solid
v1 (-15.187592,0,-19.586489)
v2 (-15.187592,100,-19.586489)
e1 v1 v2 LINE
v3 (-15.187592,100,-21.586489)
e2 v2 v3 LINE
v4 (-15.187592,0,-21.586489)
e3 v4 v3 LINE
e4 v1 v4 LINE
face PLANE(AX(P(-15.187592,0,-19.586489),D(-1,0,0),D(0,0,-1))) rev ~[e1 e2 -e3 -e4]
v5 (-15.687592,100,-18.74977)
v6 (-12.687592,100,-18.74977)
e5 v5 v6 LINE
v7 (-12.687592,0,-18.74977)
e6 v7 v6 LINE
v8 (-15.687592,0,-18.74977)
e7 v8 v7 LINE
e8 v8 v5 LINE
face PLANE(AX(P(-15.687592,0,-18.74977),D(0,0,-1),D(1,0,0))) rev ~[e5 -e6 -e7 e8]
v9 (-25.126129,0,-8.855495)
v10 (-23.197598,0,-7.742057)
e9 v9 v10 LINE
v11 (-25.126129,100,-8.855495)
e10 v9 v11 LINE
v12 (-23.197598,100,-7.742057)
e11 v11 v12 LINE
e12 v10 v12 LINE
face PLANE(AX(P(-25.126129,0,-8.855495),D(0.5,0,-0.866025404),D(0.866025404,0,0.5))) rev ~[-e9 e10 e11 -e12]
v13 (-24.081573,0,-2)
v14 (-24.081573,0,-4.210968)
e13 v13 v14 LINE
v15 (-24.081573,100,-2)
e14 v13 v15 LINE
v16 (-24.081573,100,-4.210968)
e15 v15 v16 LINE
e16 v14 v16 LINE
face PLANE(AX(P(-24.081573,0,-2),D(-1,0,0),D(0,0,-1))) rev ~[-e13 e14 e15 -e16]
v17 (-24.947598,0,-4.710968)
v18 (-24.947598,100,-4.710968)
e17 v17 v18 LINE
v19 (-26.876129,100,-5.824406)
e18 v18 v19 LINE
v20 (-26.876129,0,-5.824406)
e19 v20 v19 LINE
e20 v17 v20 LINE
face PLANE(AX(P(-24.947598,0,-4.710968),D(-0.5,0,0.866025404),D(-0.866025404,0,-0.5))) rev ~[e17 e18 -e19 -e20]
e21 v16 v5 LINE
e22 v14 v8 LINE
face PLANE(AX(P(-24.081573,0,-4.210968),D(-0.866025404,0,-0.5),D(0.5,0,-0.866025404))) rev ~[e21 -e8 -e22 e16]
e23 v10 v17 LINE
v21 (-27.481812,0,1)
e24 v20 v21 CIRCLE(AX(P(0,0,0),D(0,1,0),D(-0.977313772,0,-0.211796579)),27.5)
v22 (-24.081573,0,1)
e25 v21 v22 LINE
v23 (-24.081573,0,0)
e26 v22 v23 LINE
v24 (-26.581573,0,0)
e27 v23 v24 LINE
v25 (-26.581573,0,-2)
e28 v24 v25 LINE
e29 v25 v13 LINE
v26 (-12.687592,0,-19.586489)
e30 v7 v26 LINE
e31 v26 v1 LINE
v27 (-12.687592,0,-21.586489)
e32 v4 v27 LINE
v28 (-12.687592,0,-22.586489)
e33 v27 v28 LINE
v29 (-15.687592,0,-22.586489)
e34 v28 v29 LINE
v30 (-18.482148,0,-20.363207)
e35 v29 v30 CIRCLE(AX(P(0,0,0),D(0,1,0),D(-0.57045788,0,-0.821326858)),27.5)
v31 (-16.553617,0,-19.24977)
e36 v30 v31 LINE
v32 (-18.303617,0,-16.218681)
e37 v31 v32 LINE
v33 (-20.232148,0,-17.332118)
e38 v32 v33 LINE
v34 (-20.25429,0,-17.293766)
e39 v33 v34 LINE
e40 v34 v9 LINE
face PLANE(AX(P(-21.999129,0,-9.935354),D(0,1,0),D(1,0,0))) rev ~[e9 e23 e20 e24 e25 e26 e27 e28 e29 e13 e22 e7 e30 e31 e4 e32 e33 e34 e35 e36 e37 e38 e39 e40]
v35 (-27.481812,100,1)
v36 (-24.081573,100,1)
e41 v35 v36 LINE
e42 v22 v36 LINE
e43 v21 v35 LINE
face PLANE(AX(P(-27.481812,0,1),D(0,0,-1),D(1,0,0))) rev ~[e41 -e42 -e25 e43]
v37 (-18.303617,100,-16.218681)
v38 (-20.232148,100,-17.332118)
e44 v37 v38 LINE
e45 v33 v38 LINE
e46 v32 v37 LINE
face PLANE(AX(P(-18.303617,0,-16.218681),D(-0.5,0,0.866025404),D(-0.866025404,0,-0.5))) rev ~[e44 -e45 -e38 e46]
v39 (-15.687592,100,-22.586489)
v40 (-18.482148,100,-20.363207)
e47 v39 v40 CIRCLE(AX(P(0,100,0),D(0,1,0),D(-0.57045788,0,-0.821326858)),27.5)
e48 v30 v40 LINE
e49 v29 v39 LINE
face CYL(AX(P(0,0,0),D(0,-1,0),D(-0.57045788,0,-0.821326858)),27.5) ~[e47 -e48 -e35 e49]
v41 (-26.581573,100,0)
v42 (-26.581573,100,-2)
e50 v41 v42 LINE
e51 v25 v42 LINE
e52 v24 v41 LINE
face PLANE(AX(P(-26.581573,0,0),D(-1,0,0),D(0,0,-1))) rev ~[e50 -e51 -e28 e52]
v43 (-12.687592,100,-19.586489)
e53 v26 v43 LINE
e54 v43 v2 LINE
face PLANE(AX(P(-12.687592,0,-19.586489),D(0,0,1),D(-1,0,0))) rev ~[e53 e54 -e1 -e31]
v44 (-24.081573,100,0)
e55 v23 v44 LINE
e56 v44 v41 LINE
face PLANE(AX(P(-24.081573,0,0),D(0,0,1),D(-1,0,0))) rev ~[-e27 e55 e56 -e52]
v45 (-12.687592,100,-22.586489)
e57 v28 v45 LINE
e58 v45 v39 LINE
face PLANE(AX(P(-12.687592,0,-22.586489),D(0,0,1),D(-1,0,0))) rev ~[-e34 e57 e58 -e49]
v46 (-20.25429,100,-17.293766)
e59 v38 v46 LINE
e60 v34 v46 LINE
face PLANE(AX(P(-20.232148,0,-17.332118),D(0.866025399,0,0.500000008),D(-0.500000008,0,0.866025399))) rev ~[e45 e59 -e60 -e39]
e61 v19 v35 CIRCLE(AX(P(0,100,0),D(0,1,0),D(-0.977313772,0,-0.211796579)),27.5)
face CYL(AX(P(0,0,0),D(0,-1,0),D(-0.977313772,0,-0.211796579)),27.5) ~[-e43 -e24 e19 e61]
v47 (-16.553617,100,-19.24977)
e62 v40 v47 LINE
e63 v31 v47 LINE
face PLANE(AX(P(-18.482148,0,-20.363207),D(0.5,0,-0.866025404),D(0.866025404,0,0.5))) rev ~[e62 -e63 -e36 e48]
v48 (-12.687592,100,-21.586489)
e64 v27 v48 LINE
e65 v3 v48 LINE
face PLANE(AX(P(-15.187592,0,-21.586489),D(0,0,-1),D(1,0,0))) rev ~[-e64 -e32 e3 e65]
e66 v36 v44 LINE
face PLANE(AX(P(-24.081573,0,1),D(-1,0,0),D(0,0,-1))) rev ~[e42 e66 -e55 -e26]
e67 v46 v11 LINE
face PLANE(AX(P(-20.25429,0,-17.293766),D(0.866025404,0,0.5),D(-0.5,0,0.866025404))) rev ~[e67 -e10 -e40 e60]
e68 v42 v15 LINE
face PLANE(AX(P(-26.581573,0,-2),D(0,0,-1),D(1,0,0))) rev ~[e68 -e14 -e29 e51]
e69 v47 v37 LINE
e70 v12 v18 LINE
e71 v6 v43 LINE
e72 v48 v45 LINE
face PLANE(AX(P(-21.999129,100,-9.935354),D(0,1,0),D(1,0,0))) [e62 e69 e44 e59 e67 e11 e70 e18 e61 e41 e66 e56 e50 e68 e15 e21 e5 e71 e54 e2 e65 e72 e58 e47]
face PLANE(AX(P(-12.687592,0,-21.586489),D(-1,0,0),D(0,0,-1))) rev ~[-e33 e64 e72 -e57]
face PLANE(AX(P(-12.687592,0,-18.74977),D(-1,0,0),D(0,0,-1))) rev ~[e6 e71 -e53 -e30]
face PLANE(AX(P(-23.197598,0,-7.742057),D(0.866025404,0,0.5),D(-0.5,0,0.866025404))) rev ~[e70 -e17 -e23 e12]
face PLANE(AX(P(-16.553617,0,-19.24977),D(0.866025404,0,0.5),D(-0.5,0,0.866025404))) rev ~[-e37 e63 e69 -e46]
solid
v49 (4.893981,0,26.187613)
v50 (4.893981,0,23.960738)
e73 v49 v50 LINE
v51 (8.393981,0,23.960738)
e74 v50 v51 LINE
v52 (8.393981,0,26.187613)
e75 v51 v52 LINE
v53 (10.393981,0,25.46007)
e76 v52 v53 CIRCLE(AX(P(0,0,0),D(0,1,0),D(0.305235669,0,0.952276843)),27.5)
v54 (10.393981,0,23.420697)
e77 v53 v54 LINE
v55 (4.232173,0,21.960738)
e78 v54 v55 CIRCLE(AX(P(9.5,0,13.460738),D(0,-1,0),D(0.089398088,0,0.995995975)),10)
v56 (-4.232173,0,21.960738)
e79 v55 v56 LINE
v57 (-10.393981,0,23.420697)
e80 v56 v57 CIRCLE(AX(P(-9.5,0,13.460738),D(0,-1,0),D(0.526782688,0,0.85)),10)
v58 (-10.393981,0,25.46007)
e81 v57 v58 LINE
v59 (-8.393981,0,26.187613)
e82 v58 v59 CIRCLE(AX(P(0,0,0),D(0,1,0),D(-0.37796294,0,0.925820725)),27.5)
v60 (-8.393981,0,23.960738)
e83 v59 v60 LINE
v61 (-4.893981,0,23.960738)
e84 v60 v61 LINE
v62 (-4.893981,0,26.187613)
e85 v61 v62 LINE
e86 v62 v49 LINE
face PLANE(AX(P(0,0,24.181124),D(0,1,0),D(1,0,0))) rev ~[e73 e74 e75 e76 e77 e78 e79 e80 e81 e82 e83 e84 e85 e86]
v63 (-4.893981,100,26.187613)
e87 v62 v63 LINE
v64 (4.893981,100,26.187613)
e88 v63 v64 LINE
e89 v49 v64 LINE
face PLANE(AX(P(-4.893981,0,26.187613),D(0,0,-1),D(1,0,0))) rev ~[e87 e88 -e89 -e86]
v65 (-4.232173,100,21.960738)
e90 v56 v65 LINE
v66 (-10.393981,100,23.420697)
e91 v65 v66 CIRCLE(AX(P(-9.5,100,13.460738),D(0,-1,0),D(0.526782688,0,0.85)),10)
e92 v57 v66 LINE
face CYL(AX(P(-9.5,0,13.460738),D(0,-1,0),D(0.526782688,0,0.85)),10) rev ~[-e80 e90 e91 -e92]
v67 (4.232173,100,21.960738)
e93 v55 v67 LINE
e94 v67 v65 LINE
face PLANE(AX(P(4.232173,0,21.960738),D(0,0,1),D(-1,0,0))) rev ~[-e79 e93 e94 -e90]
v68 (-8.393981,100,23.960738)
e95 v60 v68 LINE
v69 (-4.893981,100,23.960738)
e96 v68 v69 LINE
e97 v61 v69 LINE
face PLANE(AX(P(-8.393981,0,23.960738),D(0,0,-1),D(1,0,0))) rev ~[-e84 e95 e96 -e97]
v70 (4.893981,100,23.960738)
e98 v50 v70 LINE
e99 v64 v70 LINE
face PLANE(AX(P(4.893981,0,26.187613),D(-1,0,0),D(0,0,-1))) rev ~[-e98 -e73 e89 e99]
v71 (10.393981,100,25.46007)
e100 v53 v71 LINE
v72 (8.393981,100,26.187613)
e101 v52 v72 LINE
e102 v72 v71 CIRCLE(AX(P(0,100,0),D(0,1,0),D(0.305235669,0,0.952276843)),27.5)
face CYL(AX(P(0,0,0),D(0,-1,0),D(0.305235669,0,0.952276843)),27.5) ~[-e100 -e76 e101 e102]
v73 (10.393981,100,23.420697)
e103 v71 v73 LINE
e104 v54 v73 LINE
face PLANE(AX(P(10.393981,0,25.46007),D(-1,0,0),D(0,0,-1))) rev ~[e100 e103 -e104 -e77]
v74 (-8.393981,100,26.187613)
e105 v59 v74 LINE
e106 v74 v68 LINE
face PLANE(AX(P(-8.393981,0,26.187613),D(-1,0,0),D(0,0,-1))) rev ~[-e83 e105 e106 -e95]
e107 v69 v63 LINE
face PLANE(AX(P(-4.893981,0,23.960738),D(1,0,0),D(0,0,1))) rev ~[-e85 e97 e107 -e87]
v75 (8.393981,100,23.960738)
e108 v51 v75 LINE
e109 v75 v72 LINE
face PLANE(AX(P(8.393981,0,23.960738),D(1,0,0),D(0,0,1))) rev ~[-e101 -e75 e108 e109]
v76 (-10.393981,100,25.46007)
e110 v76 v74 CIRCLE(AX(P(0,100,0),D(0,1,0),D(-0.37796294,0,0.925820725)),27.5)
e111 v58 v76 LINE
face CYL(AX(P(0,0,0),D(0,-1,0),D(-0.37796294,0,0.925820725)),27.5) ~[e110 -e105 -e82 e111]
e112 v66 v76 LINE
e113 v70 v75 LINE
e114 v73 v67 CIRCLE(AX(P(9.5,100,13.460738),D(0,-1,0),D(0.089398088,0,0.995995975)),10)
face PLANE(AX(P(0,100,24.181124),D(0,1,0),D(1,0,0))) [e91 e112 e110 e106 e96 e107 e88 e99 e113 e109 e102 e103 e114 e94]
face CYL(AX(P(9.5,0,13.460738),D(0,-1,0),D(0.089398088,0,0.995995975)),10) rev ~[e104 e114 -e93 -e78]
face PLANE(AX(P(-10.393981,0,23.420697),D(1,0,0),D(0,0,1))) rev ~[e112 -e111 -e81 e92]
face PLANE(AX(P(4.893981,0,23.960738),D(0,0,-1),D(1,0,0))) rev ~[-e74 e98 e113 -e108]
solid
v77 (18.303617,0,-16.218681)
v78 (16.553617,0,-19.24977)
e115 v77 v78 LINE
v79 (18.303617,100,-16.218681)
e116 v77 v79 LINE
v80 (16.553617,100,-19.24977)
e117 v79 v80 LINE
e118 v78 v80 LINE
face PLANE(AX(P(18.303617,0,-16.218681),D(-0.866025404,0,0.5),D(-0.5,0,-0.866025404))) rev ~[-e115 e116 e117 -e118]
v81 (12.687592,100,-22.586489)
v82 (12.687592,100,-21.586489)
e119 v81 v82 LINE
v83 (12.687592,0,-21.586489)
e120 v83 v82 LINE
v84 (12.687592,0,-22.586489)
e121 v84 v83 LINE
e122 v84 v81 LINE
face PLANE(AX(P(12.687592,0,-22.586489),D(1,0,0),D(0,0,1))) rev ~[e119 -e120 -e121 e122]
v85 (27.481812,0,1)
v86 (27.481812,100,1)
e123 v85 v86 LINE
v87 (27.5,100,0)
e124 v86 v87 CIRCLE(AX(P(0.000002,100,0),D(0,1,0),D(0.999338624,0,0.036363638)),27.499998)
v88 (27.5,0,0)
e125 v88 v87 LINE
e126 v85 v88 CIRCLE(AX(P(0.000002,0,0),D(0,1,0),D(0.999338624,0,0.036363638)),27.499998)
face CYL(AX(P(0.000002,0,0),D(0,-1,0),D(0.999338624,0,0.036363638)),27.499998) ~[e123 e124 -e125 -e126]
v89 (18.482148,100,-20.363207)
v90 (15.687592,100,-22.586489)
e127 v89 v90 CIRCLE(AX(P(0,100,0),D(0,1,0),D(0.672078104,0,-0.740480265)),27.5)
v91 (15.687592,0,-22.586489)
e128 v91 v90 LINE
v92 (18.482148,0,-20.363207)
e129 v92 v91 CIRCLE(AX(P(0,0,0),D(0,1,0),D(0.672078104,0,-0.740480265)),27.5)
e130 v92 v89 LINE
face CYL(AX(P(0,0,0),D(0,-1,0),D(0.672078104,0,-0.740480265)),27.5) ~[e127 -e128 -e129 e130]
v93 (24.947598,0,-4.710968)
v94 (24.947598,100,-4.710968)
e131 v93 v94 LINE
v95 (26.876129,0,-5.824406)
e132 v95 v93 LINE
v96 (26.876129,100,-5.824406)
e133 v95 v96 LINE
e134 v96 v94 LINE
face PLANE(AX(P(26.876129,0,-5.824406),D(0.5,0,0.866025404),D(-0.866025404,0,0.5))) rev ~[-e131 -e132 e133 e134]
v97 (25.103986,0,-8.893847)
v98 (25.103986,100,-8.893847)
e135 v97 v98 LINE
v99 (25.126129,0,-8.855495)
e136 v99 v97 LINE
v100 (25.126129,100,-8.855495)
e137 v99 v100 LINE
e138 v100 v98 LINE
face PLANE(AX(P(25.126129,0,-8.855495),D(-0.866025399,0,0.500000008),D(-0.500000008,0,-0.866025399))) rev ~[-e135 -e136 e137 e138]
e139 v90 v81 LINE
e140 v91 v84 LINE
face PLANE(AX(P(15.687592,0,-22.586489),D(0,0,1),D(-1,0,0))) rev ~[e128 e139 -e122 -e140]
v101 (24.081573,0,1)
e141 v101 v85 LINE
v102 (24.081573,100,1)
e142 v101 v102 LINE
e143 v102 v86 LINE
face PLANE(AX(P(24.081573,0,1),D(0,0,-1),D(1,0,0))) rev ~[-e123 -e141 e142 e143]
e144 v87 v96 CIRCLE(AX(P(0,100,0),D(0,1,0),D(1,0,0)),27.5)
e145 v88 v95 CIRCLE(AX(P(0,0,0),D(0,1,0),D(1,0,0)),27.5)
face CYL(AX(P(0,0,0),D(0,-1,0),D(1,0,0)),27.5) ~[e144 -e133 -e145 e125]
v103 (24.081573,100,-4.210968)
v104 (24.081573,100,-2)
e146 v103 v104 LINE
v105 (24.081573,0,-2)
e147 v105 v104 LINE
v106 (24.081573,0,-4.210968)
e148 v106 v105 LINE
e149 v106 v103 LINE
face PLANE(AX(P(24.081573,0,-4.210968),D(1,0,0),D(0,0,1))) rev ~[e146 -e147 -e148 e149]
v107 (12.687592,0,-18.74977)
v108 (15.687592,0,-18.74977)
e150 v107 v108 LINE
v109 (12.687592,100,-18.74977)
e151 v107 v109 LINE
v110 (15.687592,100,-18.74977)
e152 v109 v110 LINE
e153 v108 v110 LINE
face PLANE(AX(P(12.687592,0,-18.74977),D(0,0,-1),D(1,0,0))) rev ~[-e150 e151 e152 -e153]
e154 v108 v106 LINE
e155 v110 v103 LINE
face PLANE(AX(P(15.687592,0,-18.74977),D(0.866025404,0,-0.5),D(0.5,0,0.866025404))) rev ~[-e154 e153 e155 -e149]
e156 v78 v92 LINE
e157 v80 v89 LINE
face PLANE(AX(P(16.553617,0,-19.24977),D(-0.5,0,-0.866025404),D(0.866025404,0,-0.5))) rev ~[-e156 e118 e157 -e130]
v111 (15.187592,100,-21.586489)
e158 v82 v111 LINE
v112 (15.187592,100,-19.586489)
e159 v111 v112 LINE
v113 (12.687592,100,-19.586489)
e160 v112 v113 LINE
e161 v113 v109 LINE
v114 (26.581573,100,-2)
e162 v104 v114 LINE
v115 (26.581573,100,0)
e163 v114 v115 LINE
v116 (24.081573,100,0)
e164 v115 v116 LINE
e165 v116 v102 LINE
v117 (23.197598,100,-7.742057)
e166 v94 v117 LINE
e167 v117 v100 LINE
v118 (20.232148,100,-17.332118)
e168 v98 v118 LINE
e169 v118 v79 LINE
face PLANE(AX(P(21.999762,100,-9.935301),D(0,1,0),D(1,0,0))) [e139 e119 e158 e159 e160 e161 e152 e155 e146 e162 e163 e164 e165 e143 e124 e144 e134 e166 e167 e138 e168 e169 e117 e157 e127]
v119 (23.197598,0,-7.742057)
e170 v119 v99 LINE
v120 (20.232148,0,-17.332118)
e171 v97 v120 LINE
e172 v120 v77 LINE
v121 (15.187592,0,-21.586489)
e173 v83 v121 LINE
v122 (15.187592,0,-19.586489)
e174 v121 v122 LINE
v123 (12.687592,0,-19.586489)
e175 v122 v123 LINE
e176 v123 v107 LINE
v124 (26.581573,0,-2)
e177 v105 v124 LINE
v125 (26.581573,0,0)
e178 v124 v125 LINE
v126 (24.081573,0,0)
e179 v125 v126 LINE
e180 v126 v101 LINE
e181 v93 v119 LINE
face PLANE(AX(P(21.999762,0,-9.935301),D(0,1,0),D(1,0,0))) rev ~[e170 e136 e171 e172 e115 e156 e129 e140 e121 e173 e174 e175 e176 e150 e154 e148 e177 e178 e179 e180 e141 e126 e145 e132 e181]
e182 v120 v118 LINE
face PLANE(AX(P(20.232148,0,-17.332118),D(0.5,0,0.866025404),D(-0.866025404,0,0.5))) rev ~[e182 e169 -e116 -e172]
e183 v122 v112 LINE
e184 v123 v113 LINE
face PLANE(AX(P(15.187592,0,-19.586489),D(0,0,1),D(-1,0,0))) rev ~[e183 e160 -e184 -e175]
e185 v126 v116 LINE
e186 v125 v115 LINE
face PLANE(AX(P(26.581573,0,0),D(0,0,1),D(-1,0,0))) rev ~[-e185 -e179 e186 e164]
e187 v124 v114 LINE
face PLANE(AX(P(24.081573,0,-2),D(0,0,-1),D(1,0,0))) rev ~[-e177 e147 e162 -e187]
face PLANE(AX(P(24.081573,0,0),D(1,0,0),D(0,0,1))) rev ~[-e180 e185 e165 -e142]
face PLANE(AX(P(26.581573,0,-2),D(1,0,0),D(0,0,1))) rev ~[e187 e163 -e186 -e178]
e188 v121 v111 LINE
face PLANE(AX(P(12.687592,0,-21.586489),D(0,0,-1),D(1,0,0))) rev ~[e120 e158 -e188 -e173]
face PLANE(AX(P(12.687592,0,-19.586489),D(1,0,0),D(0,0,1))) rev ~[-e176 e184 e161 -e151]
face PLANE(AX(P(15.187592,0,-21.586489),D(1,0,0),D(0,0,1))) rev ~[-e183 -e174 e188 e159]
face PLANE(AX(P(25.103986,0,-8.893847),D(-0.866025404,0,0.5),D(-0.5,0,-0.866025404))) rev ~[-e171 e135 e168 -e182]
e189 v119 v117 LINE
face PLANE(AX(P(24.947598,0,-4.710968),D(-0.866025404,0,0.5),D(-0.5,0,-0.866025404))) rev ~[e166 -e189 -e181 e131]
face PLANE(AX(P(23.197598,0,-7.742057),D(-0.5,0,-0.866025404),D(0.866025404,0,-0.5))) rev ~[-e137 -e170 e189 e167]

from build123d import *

# Parameters (mm, degrees)
BOSS_EXTRUDE1_DEPTH = 100


with BuildPart() as part:
    # Sketch1 → Boss-Extrude1 (new body)
    with BuildSketch(Plane(origin=(0, 0, 0), x_dir=(1, 0, 0), z_dir=(0, 1, 0))):
        with BuildLine():
            ThreePointArc((-10.393980876, -25.460069944), (-9.401021566, -25.843196271), (-8.393980876, -26.187613199))
            Line((-8.393980876, -26.187613199), (-8.393980876, -23.960737702))
            Line((-8.393980876, -23.960737702), (-4.893980876, -23.960737702))
            Line((-4.893980876, -23.960737702), (-4.893980876, -26.187613199))
            Line((-4.893980876, -26.187613199), (-4.849695718, -26.187613199))
            Line((-4.849695718, -26.187613199), (4.893980876, -26.187613199))
            Line((4.893980876, -26.187613199), (4.893980876, -23.960737702))
            Line((4.893980876, -23.960737702), (8.393980876, -23.960737702))
            Line((8.393980876, -23.960737702), (8.393980876, -26.187613199))
            ThreePointArc((8.393980876, -26.187613199), (9.401021566, -25.843196271), (10.393980876, -25.460069944))
            Line((10.393980876, -25.460069944), (10.393980876, -23.42069745))
            ThreePointArc((10.393980876, -23.42069745), (7.194462573, -23.191333633), (4.232173124, -21.960737702))
            Line((4.232173124, -21.960737702), (-4.232173124, -21.960737702))
            ThreePointArc((-4.232173124, -21.960737702), (-7.194462573, -23.191333633), (-10.393980876, -23.42069745))
            Line((-10.393980876, -23.42069745), (-10.393980876, -25.460069944))
        make_face()
        with BuildLine():
            Line((24.081572577, -1), (27.481812167, -1))
            ThreePointArc((27.481812167, -1), (27.495452666, -0.500082692), (27.5, 0))
            ThreePointArc((27.5, 0), (27.343587367, 2.928861541), (26.876128733, 5.824405922))
            Line((26.876128733, 5.824405922), (24.947597981, 4.710968174))
            Line((24.947597981, 4.710968174), (23.197597981, 7.742057087))
            Line((23.197597981, 7.742057087), (25.126128733, 8.855494836))
            Line((25.126128733, 8.855494836), (25.103986154, 8.893846907))
            Line((25.103986154, 8.893846907), (20.232147857, 17.332118363))
            Line((20.232147857, 17.332118363), (18.303617105, 16.218680615))
            Line((18.303617105, 16.218680615), (16.553617105, 19.249769528))
            Line((16.553617105, 19.249769528), (18.482147857, 20.363207277))
            ThreePointArc((18.482147857, 20.363207277), (17.120996476, 21.520257426), (15.687591702, 22.586488585))
            Line((15.687591702, 22.586488585), (15.687591702, 18.749769528))
            Line((15.687591702, 18.749769528), (24.081572577, 4.210968174))
            Line((24.081572577, 4.210968174), (24.081572577, 2))
            Line((24.081572577, 2), (26.581572577, 2))
            Line((26.581572577, 2), (26.581572577, 0))
            Line((26.581572577, 0), (24.081572577, 0))
            Line((24.081572577, 0), (24.081572577, -1))
        make_face()
        with BuildLine():
            ThreePointArc((-26.876128733, 5.824405922), (-27.392326732, 2.431138875), (-27.481812167, -1))
            Line((-27.481812167, -1), (-24.081572577, -1))
            Line((-24.081572577, -1), (-24.081572577, 0))
            Line((-24.081572577, 0), (-26.581572577, 0))
            Line((-26.581572577, 0), (-26.581572577, 2))
            Line((-26.581572577, 2), (-24.081572577, 2))
            Line((-24.081572577, 2), (-24.081572577, 4.210968174))
            Line((-24.081572577, 4.210968174), (-15.687591702, 18.749769528))
            Line((-15.687591702, 18.749769528), (-15.687591702, 22.586488585))
            ThreePointArc((-15.687591702, 22.586488585), (-17.120996476, 21.520257426), (-18.482147857, 20.363207277))
            Line((-18.482147857, 20.363207277), (-16.553617105, 19.249769528))
            Line((-16.553617105, 19.249769528), (-18.303617105, 16.218680615))
            Line((-18.303617105, 16.218680615), (-20.232147857, 17.332118363))
            Line((-20.232147857, 17.332118363), (-20.254290436, 17.293766292))
            Line((-20.254290436, 17.293766292), (-25.126128733, 8.855494836))
            Line((-25.126128733, 8.855494836), (-23.197597981, 7.742057087))
            Line((-23.197597981, 7.742057087), (-24.947597981, 4.710968174))
            Line((-24.947597981, 4.710968174), (-26.876128733, 5.824405922))
        make_face()
        Polygon((-12.687591702, 22.586488585), (-15.687591702, 22.586488585), (-15.687591702, 18.749769528), (-12.687591702, 18.749769528), (-12.687591702, 19.586488585), (-15.187591702, 19.586488585), (-15.187591702, 21.586488585), (-12.687591702, 21.586488585), align=None)
        Polygon((15.687591702, 18.749769528), (15.687591702, 22.586488585), (12.687591702, 22.586488585), (12.687591702, 21.586488585), (15.187591702, 21.586488585), (15.187591702, 19.586488585), (12.687591702, 19.586488585), (12.687591702, 18.749769528), align=None)
    extrude(amount=BOSS_EXTRUDE1_DEPTH)


solid = part.part
